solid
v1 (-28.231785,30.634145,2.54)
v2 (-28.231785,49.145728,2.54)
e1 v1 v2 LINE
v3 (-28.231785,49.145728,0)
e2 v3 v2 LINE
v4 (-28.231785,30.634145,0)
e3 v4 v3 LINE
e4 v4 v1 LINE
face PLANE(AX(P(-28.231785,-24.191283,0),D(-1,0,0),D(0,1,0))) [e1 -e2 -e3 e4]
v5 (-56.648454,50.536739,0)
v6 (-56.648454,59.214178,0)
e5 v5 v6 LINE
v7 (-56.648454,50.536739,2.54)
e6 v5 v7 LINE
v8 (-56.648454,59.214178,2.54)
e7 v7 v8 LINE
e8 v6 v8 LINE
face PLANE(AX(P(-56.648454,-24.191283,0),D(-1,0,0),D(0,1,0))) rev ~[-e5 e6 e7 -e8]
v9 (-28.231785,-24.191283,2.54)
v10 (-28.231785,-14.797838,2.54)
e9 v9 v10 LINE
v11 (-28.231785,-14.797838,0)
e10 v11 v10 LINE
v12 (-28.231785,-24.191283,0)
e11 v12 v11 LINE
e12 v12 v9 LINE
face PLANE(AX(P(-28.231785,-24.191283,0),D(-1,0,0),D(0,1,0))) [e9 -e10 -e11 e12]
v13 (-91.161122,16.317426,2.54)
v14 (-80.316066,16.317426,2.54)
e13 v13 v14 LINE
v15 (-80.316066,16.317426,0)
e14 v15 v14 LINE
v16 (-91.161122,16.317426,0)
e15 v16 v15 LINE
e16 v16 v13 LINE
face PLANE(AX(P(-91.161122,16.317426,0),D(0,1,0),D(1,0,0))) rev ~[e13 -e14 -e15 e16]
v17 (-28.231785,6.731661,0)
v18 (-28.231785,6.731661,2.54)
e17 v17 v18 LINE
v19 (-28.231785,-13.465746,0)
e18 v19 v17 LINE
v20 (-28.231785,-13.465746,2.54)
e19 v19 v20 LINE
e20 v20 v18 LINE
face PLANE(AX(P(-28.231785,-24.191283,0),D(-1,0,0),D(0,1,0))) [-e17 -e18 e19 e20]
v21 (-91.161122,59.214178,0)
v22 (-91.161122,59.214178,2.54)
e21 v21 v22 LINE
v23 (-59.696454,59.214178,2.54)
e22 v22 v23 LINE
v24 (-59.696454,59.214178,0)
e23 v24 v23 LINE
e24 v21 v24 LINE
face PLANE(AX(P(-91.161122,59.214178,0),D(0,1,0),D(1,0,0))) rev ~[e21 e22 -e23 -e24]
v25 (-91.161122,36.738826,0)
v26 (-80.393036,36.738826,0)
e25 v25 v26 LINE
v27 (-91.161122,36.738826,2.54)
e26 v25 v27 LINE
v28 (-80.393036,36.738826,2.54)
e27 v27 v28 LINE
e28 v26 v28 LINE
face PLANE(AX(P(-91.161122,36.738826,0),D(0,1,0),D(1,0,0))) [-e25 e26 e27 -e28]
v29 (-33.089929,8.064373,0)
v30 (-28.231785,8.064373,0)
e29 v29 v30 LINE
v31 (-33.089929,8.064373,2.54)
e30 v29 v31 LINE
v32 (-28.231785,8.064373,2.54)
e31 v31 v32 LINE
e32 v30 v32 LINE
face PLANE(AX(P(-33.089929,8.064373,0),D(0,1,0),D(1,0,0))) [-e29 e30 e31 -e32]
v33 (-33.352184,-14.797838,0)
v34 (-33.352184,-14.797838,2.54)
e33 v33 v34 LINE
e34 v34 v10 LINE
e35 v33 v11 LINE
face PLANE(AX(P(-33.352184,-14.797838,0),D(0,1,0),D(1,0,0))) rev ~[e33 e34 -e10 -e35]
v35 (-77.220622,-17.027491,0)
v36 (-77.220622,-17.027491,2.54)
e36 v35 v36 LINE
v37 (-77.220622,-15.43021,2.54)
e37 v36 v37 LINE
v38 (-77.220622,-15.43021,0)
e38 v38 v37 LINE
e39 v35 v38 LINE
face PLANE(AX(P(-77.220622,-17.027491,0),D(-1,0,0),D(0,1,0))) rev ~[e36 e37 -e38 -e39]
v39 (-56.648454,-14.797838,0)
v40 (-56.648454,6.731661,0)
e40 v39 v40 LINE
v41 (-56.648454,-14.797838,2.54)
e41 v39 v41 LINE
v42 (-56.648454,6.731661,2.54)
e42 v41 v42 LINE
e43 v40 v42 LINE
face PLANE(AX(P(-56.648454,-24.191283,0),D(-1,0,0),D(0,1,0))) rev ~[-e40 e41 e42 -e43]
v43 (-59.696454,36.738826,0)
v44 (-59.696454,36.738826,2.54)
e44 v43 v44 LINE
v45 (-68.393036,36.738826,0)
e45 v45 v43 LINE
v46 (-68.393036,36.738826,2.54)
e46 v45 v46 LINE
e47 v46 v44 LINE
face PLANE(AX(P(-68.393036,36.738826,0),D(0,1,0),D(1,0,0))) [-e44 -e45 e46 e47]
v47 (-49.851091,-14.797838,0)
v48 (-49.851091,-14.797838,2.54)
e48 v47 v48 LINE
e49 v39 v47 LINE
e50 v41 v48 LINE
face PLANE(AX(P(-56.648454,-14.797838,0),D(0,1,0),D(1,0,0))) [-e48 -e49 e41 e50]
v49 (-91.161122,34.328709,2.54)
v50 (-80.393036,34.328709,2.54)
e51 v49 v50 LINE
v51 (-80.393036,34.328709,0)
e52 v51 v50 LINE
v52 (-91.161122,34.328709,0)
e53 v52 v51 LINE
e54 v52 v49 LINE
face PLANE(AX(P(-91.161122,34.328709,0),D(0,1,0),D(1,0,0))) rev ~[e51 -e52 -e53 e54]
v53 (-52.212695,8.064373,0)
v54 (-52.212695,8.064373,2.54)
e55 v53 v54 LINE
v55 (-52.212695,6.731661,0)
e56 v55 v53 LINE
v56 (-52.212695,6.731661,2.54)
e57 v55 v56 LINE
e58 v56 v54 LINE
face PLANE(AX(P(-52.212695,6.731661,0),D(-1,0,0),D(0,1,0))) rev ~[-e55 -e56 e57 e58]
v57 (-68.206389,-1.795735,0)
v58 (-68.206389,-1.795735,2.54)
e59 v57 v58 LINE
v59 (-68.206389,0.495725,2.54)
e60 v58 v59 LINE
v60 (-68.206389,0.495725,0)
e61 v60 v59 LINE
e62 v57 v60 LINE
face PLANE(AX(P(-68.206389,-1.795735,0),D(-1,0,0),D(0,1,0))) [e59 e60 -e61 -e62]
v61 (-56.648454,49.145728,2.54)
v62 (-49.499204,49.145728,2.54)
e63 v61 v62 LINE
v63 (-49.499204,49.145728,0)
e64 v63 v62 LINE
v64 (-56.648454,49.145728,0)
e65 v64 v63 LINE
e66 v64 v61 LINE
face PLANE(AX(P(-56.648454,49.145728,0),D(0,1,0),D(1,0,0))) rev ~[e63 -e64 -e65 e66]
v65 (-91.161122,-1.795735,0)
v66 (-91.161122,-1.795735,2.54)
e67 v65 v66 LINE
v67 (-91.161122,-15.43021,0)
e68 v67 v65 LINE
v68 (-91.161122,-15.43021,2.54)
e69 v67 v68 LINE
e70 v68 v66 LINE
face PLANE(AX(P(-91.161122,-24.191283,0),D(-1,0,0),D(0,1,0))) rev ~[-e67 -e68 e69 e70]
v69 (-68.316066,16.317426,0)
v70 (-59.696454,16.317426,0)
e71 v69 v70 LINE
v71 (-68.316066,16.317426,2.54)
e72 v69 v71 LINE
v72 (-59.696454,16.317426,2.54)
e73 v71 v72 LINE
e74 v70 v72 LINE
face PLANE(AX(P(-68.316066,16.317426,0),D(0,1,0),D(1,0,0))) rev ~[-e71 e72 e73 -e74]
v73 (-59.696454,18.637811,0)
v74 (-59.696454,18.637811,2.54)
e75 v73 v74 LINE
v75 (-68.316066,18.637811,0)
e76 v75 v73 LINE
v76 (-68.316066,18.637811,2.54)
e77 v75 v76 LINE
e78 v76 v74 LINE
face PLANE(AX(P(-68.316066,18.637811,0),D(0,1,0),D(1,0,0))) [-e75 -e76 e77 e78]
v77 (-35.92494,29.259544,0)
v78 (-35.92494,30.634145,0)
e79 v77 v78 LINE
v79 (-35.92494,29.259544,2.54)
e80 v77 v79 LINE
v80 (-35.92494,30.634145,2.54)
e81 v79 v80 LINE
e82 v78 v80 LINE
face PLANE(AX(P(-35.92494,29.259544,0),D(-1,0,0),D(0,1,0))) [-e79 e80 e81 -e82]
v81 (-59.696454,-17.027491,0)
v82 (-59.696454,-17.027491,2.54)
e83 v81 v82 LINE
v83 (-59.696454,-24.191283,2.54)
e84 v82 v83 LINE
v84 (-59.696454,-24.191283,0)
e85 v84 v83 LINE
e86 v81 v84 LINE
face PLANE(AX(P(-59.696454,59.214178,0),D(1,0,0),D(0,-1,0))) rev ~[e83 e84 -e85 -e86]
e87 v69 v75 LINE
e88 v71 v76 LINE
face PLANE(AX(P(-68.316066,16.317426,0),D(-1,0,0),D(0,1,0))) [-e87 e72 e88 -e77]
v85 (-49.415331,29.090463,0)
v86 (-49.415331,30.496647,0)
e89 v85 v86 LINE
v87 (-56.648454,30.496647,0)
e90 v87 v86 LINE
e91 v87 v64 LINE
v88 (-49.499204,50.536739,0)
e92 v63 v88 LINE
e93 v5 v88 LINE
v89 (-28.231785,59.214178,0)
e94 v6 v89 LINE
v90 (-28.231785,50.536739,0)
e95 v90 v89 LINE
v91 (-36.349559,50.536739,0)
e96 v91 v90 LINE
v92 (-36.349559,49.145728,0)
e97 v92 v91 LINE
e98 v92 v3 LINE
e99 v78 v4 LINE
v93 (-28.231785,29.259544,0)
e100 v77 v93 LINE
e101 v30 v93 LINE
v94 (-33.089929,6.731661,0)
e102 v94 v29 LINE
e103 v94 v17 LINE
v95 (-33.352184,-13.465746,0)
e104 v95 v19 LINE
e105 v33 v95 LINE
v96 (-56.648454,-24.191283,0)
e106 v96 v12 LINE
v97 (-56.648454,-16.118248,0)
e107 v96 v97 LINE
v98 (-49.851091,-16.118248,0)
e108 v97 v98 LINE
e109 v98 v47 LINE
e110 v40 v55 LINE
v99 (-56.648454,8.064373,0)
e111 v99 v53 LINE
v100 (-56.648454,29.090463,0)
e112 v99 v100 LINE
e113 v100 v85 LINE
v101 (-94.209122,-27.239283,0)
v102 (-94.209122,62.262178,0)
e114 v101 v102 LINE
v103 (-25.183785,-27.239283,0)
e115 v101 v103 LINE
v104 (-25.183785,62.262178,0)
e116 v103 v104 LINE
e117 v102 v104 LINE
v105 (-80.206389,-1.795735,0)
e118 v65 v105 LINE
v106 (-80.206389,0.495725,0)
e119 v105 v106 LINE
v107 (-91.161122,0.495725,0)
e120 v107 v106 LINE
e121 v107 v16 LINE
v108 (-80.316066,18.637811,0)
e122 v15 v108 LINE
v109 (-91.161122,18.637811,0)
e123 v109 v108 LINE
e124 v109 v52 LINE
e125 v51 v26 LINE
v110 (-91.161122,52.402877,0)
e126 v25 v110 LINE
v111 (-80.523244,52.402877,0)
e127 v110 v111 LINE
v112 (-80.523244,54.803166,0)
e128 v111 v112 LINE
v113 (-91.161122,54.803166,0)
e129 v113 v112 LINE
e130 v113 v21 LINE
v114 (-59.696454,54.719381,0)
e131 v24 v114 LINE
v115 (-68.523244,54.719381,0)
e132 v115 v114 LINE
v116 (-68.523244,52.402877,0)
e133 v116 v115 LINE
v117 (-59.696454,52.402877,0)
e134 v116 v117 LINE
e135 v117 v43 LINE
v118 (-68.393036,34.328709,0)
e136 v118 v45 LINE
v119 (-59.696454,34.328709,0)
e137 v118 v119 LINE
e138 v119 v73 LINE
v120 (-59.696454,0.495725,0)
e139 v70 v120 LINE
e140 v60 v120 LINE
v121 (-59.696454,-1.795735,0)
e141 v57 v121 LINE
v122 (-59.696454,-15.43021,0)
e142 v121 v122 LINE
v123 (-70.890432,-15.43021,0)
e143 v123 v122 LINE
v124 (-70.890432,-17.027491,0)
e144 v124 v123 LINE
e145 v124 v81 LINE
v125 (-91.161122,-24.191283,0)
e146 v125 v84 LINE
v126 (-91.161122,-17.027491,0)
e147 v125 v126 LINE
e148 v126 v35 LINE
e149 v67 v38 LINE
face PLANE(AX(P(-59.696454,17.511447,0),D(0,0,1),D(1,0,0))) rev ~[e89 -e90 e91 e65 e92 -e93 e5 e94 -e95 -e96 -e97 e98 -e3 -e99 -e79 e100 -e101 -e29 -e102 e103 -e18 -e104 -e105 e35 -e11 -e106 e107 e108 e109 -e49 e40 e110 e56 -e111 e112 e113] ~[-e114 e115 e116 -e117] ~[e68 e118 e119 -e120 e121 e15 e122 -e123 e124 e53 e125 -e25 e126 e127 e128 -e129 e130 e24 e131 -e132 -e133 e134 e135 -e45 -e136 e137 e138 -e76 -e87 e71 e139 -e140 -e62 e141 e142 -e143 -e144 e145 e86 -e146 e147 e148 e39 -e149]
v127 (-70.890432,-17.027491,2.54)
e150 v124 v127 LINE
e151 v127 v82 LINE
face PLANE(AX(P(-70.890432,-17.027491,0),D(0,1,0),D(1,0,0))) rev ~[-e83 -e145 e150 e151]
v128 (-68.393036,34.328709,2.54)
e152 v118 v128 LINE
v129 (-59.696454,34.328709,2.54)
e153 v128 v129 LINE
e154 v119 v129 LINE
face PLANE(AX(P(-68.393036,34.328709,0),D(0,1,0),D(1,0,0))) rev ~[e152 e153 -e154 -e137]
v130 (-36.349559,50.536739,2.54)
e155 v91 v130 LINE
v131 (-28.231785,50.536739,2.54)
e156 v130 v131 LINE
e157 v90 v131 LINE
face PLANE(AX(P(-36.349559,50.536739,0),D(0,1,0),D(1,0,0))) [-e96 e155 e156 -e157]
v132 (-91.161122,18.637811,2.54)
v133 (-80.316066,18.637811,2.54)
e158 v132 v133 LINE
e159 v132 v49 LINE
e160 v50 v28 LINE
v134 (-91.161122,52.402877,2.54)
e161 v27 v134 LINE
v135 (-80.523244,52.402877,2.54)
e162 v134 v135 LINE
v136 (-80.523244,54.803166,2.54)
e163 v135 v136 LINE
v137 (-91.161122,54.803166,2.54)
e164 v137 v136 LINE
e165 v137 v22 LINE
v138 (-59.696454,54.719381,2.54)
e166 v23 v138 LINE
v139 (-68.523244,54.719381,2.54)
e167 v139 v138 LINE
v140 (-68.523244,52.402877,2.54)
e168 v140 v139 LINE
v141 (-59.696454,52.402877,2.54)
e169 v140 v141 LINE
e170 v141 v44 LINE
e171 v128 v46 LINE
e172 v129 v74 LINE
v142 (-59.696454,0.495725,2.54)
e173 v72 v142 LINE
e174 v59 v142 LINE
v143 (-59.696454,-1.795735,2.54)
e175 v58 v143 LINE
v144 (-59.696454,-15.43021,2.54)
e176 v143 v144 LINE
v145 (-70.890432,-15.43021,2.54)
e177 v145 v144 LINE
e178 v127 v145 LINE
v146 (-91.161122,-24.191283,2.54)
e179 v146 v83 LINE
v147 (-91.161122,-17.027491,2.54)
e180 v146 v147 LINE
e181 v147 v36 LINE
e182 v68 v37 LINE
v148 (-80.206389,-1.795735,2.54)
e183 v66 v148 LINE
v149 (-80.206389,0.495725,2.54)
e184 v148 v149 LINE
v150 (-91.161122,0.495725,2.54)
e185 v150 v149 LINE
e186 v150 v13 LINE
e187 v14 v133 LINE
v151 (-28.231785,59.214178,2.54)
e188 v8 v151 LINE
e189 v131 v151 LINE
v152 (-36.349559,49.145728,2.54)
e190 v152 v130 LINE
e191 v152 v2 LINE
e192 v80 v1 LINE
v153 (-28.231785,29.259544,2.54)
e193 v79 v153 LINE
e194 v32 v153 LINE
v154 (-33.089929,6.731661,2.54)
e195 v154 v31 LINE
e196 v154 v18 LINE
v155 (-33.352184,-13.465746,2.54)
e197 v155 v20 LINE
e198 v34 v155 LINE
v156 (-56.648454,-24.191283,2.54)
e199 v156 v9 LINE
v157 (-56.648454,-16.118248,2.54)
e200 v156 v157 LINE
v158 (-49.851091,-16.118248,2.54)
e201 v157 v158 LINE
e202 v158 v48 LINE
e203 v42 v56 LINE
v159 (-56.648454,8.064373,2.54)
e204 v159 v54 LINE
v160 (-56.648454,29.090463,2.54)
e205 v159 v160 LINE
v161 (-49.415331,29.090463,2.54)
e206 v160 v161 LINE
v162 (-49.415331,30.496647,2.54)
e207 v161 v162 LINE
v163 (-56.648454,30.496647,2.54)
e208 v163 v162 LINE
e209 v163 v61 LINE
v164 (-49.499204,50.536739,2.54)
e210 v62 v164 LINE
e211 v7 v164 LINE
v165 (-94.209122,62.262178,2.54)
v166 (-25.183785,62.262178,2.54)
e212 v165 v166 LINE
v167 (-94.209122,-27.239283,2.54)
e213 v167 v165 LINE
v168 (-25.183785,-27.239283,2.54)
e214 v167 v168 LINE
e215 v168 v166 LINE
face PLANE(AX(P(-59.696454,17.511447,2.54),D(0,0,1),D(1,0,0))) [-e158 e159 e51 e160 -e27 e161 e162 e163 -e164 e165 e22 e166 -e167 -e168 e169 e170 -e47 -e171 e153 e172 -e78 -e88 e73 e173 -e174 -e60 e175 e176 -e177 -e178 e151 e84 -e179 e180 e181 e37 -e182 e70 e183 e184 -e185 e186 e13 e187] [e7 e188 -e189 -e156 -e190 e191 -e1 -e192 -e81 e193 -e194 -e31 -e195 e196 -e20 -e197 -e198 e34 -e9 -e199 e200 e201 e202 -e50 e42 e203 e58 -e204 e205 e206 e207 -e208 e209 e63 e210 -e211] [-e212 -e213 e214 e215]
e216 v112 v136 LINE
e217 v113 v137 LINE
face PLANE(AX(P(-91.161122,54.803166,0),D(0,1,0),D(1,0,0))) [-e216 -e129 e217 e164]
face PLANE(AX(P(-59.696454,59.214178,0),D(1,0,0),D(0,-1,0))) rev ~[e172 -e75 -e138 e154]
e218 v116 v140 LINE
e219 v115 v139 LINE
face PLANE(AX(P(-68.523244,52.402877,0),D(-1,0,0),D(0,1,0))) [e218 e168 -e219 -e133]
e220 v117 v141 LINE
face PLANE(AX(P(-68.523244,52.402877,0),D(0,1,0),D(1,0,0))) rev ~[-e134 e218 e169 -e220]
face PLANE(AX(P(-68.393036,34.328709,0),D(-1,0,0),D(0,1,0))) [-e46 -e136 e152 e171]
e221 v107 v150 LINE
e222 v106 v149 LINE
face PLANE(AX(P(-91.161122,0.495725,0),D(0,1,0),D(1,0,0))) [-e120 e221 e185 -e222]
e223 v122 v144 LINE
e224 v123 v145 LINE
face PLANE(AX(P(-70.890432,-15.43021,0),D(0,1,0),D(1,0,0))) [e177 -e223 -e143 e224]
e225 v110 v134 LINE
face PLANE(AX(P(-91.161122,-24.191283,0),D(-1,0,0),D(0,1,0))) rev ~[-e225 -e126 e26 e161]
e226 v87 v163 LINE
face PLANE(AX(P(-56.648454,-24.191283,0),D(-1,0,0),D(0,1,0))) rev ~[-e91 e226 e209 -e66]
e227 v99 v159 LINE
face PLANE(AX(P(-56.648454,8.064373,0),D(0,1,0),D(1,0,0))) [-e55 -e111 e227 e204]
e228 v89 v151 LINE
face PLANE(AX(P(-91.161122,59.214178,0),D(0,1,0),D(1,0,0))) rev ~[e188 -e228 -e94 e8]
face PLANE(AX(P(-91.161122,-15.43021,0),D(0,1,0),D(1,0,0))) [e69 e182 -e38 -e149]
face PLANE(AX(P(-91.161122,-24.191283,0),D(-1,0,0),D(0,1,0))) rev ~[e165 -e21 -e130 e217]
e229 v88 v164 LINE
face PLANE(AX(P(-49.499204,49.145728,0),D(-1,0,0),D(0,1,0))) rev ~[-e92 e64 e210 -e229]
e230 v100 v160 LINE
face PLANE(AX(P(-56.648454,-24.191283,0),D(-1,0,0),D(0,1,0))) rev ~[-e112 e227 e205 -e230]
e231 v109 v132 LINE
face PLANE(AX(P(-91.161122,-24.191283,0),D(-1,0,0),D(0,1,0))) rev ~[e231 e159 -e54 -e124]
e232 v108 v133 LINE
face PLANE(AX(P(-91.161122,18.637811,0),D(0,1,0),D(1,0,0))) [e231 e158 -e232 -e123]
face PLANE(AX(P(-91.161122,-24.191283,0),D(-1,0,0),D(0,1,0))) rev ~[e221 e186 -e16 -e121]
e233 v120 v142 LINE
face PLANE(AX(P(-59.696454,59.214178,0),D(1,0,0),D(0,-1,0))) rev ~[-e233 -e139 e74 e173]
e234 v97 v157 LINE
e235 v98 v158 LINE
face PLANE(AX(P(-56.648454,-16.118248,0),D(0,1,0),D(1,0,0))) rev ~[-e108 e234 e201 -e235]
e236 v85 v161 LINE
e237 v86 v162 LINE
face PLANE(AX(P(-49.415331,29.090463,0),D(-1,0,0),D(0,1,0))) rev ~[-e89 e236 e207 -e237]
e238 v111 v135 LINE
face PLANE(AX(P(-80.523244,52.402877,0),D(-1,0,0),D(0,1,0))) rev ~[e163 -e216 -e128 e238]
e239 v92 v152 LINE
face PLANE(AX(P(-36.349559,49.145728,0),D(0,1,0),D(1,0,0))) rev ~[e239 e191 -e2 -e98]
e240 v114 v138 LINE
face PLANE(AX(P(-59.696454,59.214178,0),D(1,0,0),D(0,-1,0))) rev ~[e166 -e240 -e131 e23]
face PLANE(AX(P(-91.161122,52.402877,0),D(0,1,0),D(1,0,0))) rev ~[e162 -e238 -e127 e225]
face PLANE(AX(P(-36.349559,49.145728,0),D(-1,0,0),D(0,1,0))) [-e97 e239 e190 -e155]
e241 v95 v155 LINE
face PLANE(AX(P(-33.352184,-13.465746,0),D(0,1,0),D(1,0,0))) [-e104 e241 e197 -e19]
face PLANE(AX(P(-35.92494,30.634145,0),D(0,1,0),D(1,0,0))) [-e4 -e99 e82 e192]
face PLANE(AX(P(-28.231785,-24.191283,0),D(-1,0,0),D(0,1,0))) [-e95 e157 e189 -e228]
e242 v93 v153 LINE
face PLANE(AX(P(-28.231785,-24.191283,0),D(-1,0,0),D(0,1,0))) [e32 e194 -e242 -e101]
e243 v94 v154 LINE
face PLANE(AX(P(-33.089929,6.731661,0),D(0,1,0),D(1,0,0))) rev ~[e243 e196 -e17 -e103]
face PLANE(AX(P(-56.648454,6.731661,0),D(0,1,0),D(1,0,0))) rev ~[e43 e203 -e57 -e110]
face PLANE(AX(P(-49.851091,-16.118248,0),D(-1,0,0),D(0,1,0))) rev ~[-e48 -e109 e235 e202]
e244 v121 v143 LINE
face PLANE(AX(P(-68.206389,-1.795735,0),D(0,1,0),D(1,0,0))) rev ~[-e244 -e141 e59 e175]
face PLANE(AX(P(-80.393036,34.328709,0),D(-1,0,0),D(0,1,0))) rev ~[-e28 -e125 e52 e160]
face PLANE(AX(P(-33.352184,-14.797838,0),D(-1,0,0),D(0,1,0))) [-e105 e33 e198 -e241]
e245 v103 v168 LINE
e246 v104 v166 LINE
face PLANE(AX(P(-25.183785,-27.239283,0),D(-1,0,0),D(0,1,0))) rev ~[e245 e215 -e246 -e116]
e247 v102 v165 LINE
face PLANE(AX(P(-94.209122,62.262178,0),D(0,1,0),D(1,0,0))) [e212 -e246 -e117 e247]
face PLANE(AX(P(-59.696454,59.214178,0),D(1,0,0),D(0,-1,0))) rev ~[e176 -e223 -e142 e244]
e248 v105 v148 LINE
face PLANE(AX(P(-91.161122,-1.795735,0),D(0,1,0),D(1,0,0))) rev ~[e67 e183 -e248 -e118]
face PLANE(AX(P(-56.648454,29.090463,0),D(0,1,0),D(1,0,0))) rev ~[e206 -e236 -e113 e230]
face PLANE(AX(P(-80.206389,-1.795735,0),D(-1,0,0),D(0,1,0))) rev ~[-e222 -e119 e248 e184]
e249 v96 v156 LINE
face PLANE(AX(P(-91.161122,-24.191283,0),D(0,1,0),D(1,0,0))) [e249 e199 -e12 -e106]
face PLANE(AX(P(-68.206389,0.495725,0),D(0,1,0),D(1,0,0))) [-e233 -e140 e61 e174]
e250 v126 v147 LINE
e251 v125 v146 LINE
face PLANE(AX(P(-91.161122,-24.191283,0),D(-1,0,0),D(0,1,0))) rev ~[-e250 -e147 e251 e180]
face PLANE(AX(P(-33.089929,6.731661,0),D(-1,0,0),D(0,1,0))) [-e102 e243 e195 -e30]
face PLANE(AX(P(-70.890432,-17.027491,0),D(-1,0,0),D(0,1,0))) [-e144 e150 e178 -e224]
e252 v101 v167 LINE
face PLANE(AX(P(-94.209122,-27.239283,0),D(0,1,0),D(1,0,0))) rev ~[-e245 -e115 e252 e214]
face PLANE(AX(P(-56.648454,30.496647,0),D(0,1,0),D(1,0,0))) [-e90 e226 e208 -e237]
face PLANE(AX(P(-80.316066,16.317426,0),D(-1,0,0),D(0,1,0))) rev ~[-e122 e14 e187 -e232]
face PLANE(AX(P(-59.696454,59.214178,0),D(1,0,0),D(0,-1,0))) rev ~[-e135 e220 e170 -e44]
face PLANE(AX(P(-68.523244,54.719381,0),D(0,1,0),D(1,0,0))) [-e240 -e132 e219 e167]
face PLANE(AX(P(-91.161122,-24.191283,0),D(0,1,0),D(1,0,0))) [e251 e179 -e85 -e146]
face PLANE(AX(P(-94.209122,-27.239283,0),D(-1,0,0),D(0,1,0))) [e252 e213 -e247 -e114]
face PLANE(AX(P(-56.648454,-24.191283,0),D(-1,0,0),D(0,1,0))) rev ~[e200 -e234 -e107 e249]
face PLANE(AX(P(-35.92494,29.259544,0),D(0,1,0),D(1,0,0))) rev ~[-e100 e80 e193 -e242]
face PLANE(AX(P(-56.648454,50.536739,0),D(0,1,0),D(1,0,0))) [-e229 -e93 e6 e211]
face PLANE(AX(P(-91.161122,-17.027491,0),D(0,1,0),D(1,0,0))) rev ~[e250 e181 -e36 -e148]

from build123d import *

# Parameters (mm, degrees)
SKETCH1_W           = 69.025336674
SKETCH1_H           = 89.501461159
SKETCH1_W_2         = 62.929336674
SKETCH1_H_2         = 83.405461159
SKETCH1_W_3         = 10.637877579
SKETCH1_H_3         = 2.400289179
SKETCH1_W_4         = 10.76808562
SKETCH1_H_4         = 2.410116194
SKETCH1_W_5         = 10.845055727
SKETCH1_H_5         = 2.320385117
SKETCH1_W_6         = 8.61961261
SKETCH1_W_7         = 8.696582717
SKETCH1_W_8         = 7.233122671
SKETCH1_H_6         = 1.406184517
SKETCH1_W_9         = 7.693154637
SKETCH1_H_7         = 1.374601098
SKETCH1_W_10        = 4.85814416
SKETCH1_H_8         = 1.33271236
SKETCH1_W_11        = 5.120398278
SKETCH1_H_9         = 1.332092237
SKETCH1_W_12        = 6.797362186
SKETCH1_H_10        = 1.320409981
SKETCH1_W_13        = 10.954732913
SKETCH1_H_11        = 2.291459462
SKETCH1_W_14        = 13.940499857
SKETCH1_H_12        = 1.597280353
SKETCH1_W_15        = 11.193978309
SKETCH1_W_16        = 8.509935424
SKETCH1_W_17        = 8.826790758
SKETCH1_H_13        = 2.316503995
SKETCH1_W_18        = 8.117773256
SKETCH1_H_14        = 1.391011178
SKETCH1_W_19        = 7.14925004
SKETCH1_W_20        = 4.435758543
BOSS_EXTRUDE1_DEPTH = 2.54


with BuildPart() as part:
    # Sketch1 → Boss-Extrude1 (new body)
    # profile 1 of 20: a face of its own
    with BuildSketch(Plane.XY):
        with Locations((-59.696453639, 17.511447337)):
            Rectangle(SKETCH1_W, SKETCH1_H)
        with Locations((-59.696453639, 17.511447337)):
            Rectangle(SKETCH1_W_2, SKETCH1_H_2, mode=Mode.SUBTRACT)
    # profile 2 of 20: a face of its own
    with BuildSketch(Plane.XY):
        with Locations((-85.842183186, 53.603021221)):
            Rectangle(SKETCH1_W_3, SKETCH1_H_3)
    # profile 3 of 20: a face of its own
    with BuildSketch(Plane.XY):
        with Locations((-85.777079166, 35.533767551)):
            Rectangle(SKETCH1_W_4, SKETCH1_H_4)
    # profile 4 of 20: a face of its own
    with BuildSketch(Plane.XY):
        with Locations((-85.738594113, 17.477618848)):
            Rectangle(SKETCH1_W_5, SKETCH1_H_5)
    # profile 5 of 20: a face of its own
    with BuildSketch(Plane.XY):
        with Locations((-64.006259944, 17.477618848)):
            Rectangle(SKETCH1_W_6, SKETCH1_H_5)
    # profile 6 of 20: a face of its own
    with BuildSketch(Plane.XY):
        with Locations((-64.044744998, 35.533767551)):
            Rectangle(SKETCH1_W_7, SKETCH1_H_4)
    # profile 7 of 20: a face of its own
    with BuildSketch(Plane.XY):
        Polygon((-56.648453639, 59.214177916), (-59.696453639, 59.214177916), (-59.696453639, 54.719380626), (-59.696453639, 52.402876631), (-59.696453639, 36.738825648), (-59.696453639, 34.328709454), (-59.696453639, 18.637811406), (-59.696453639, 16.317426289), (-59.696453639, 0.495724739), (-59.696453639, -1.795734723), (-59.696453639, -15.430210162), (-59.696453639, -17.027490515), (-59.696453639, -24.191283243), (-56.648453639, -24.191283243), (-56.648453639, -16.118247947), (-56.648453639, -14.797837966), (-56.648453639, 6.731660618), (-56.648453639, 8.064372978), (-56.648453639, 29.090462814), (-56.648453639, 30.496647331), (-56.648453639, 49.145727963), (-56.648453639, 50.536739141), align=None)
    # profile 8 of 20: a face of its own
    with BuildSketch(Plane.XY):
        with Locations((-53.031892304, 29.793555073)):
            Rectangle(SKETCH1_W_8, SKETCH1_H_6)
    # profile 9 of 20: a face of its own
    with BuildSketch(Plane.XY):
        with Locations((-32.078362621, 29.946844808)):
            Rectangle(SKETCH1_W_9, SKETCH1_H_7)
    # profile 10 of 20: a face of its own
    with BuildSketch(Plane.XY):
        with Locations((-30.660857382, 7.398016798)):
            Rectangle(SKETCH1_W_10, SKETCH1_H_8)
    # profile 11 of 20: a face of its own
    with BuildSketch(Plane.XY):
        with Locations((-30.791984441, -14.131791848)):
            Rectangle(SKETCH1_W_11, SKETCH1_H_9)
    # profile 12 of 20: a face of its own
    with BuildSketch(Plane.XY):
        with Locations((-53.249772546, -15.458042957)):
            Rectangle(SKETCH1_W_12, SKETCH1_H_10)
    # profile 13 of 20: a face of its own
    with BuildSketch(Plane.XY):
        with Locations((-85.68375552, -0.650004992)):
            Rectangle(SKETCH1_W_13, SKETCH1_H_11)
    # profile 14 of 20: a face of its own
    with BuildSketch(Plane.XY):
        with Locations((-84.190872047, -16.228850339)):
            Rectangle(SKETCH1_W_14, SKETCH1_H_12)
    # profile 15 of 20: a face of its own
    with BuildSketch(Plane.XY):
        with Locations((-65.293442794, -16.228850339)):
            Rectangle(SKETCH1_W_15, SKETCH1_H_12)
    # profile 16 of 20: a face of its own
    with BuildSketch(Plane.XY):
        with Locations((-63.951421351, -0.650004992)):
            Rectangle(SKETCH1_W_16, SKETCH1_H_11)
    # profile 17 of 20: a face of its own
    with BuildSketch(Plane.XY):
        with Locations((-64.109849018, 53.561128629)):
            Rectangle(SKETCH1_W_17, SKETCH1_H_13)
    # profile 18 of 20: a face of its own
    with BuildSketch(Plane.XY):
        with Locations((-32.29067193, 49.841233552)):
            Rectangle(SKETCH1_W_18, SKETCH1_H_14)
    # profile 19 of 20: a face of its own
    with BuildSketch(Plane.XY):
        with Locations((-53.073828619, 49.841233552)):
            Rectangle(SKETCH1_W_19, SKETCH1_H_14)
    # profile 20 of 20: a face of its own
    with BuildSketch(Plane.XY):
        with Locations((-54.430574368, 7.398016798)):
            Rectangle(SKETCH1_W_20, SKETCH1_H_8)
    extrude(amount=BOSS_EXTRUDE1_DEPTH)


solid = part.part
